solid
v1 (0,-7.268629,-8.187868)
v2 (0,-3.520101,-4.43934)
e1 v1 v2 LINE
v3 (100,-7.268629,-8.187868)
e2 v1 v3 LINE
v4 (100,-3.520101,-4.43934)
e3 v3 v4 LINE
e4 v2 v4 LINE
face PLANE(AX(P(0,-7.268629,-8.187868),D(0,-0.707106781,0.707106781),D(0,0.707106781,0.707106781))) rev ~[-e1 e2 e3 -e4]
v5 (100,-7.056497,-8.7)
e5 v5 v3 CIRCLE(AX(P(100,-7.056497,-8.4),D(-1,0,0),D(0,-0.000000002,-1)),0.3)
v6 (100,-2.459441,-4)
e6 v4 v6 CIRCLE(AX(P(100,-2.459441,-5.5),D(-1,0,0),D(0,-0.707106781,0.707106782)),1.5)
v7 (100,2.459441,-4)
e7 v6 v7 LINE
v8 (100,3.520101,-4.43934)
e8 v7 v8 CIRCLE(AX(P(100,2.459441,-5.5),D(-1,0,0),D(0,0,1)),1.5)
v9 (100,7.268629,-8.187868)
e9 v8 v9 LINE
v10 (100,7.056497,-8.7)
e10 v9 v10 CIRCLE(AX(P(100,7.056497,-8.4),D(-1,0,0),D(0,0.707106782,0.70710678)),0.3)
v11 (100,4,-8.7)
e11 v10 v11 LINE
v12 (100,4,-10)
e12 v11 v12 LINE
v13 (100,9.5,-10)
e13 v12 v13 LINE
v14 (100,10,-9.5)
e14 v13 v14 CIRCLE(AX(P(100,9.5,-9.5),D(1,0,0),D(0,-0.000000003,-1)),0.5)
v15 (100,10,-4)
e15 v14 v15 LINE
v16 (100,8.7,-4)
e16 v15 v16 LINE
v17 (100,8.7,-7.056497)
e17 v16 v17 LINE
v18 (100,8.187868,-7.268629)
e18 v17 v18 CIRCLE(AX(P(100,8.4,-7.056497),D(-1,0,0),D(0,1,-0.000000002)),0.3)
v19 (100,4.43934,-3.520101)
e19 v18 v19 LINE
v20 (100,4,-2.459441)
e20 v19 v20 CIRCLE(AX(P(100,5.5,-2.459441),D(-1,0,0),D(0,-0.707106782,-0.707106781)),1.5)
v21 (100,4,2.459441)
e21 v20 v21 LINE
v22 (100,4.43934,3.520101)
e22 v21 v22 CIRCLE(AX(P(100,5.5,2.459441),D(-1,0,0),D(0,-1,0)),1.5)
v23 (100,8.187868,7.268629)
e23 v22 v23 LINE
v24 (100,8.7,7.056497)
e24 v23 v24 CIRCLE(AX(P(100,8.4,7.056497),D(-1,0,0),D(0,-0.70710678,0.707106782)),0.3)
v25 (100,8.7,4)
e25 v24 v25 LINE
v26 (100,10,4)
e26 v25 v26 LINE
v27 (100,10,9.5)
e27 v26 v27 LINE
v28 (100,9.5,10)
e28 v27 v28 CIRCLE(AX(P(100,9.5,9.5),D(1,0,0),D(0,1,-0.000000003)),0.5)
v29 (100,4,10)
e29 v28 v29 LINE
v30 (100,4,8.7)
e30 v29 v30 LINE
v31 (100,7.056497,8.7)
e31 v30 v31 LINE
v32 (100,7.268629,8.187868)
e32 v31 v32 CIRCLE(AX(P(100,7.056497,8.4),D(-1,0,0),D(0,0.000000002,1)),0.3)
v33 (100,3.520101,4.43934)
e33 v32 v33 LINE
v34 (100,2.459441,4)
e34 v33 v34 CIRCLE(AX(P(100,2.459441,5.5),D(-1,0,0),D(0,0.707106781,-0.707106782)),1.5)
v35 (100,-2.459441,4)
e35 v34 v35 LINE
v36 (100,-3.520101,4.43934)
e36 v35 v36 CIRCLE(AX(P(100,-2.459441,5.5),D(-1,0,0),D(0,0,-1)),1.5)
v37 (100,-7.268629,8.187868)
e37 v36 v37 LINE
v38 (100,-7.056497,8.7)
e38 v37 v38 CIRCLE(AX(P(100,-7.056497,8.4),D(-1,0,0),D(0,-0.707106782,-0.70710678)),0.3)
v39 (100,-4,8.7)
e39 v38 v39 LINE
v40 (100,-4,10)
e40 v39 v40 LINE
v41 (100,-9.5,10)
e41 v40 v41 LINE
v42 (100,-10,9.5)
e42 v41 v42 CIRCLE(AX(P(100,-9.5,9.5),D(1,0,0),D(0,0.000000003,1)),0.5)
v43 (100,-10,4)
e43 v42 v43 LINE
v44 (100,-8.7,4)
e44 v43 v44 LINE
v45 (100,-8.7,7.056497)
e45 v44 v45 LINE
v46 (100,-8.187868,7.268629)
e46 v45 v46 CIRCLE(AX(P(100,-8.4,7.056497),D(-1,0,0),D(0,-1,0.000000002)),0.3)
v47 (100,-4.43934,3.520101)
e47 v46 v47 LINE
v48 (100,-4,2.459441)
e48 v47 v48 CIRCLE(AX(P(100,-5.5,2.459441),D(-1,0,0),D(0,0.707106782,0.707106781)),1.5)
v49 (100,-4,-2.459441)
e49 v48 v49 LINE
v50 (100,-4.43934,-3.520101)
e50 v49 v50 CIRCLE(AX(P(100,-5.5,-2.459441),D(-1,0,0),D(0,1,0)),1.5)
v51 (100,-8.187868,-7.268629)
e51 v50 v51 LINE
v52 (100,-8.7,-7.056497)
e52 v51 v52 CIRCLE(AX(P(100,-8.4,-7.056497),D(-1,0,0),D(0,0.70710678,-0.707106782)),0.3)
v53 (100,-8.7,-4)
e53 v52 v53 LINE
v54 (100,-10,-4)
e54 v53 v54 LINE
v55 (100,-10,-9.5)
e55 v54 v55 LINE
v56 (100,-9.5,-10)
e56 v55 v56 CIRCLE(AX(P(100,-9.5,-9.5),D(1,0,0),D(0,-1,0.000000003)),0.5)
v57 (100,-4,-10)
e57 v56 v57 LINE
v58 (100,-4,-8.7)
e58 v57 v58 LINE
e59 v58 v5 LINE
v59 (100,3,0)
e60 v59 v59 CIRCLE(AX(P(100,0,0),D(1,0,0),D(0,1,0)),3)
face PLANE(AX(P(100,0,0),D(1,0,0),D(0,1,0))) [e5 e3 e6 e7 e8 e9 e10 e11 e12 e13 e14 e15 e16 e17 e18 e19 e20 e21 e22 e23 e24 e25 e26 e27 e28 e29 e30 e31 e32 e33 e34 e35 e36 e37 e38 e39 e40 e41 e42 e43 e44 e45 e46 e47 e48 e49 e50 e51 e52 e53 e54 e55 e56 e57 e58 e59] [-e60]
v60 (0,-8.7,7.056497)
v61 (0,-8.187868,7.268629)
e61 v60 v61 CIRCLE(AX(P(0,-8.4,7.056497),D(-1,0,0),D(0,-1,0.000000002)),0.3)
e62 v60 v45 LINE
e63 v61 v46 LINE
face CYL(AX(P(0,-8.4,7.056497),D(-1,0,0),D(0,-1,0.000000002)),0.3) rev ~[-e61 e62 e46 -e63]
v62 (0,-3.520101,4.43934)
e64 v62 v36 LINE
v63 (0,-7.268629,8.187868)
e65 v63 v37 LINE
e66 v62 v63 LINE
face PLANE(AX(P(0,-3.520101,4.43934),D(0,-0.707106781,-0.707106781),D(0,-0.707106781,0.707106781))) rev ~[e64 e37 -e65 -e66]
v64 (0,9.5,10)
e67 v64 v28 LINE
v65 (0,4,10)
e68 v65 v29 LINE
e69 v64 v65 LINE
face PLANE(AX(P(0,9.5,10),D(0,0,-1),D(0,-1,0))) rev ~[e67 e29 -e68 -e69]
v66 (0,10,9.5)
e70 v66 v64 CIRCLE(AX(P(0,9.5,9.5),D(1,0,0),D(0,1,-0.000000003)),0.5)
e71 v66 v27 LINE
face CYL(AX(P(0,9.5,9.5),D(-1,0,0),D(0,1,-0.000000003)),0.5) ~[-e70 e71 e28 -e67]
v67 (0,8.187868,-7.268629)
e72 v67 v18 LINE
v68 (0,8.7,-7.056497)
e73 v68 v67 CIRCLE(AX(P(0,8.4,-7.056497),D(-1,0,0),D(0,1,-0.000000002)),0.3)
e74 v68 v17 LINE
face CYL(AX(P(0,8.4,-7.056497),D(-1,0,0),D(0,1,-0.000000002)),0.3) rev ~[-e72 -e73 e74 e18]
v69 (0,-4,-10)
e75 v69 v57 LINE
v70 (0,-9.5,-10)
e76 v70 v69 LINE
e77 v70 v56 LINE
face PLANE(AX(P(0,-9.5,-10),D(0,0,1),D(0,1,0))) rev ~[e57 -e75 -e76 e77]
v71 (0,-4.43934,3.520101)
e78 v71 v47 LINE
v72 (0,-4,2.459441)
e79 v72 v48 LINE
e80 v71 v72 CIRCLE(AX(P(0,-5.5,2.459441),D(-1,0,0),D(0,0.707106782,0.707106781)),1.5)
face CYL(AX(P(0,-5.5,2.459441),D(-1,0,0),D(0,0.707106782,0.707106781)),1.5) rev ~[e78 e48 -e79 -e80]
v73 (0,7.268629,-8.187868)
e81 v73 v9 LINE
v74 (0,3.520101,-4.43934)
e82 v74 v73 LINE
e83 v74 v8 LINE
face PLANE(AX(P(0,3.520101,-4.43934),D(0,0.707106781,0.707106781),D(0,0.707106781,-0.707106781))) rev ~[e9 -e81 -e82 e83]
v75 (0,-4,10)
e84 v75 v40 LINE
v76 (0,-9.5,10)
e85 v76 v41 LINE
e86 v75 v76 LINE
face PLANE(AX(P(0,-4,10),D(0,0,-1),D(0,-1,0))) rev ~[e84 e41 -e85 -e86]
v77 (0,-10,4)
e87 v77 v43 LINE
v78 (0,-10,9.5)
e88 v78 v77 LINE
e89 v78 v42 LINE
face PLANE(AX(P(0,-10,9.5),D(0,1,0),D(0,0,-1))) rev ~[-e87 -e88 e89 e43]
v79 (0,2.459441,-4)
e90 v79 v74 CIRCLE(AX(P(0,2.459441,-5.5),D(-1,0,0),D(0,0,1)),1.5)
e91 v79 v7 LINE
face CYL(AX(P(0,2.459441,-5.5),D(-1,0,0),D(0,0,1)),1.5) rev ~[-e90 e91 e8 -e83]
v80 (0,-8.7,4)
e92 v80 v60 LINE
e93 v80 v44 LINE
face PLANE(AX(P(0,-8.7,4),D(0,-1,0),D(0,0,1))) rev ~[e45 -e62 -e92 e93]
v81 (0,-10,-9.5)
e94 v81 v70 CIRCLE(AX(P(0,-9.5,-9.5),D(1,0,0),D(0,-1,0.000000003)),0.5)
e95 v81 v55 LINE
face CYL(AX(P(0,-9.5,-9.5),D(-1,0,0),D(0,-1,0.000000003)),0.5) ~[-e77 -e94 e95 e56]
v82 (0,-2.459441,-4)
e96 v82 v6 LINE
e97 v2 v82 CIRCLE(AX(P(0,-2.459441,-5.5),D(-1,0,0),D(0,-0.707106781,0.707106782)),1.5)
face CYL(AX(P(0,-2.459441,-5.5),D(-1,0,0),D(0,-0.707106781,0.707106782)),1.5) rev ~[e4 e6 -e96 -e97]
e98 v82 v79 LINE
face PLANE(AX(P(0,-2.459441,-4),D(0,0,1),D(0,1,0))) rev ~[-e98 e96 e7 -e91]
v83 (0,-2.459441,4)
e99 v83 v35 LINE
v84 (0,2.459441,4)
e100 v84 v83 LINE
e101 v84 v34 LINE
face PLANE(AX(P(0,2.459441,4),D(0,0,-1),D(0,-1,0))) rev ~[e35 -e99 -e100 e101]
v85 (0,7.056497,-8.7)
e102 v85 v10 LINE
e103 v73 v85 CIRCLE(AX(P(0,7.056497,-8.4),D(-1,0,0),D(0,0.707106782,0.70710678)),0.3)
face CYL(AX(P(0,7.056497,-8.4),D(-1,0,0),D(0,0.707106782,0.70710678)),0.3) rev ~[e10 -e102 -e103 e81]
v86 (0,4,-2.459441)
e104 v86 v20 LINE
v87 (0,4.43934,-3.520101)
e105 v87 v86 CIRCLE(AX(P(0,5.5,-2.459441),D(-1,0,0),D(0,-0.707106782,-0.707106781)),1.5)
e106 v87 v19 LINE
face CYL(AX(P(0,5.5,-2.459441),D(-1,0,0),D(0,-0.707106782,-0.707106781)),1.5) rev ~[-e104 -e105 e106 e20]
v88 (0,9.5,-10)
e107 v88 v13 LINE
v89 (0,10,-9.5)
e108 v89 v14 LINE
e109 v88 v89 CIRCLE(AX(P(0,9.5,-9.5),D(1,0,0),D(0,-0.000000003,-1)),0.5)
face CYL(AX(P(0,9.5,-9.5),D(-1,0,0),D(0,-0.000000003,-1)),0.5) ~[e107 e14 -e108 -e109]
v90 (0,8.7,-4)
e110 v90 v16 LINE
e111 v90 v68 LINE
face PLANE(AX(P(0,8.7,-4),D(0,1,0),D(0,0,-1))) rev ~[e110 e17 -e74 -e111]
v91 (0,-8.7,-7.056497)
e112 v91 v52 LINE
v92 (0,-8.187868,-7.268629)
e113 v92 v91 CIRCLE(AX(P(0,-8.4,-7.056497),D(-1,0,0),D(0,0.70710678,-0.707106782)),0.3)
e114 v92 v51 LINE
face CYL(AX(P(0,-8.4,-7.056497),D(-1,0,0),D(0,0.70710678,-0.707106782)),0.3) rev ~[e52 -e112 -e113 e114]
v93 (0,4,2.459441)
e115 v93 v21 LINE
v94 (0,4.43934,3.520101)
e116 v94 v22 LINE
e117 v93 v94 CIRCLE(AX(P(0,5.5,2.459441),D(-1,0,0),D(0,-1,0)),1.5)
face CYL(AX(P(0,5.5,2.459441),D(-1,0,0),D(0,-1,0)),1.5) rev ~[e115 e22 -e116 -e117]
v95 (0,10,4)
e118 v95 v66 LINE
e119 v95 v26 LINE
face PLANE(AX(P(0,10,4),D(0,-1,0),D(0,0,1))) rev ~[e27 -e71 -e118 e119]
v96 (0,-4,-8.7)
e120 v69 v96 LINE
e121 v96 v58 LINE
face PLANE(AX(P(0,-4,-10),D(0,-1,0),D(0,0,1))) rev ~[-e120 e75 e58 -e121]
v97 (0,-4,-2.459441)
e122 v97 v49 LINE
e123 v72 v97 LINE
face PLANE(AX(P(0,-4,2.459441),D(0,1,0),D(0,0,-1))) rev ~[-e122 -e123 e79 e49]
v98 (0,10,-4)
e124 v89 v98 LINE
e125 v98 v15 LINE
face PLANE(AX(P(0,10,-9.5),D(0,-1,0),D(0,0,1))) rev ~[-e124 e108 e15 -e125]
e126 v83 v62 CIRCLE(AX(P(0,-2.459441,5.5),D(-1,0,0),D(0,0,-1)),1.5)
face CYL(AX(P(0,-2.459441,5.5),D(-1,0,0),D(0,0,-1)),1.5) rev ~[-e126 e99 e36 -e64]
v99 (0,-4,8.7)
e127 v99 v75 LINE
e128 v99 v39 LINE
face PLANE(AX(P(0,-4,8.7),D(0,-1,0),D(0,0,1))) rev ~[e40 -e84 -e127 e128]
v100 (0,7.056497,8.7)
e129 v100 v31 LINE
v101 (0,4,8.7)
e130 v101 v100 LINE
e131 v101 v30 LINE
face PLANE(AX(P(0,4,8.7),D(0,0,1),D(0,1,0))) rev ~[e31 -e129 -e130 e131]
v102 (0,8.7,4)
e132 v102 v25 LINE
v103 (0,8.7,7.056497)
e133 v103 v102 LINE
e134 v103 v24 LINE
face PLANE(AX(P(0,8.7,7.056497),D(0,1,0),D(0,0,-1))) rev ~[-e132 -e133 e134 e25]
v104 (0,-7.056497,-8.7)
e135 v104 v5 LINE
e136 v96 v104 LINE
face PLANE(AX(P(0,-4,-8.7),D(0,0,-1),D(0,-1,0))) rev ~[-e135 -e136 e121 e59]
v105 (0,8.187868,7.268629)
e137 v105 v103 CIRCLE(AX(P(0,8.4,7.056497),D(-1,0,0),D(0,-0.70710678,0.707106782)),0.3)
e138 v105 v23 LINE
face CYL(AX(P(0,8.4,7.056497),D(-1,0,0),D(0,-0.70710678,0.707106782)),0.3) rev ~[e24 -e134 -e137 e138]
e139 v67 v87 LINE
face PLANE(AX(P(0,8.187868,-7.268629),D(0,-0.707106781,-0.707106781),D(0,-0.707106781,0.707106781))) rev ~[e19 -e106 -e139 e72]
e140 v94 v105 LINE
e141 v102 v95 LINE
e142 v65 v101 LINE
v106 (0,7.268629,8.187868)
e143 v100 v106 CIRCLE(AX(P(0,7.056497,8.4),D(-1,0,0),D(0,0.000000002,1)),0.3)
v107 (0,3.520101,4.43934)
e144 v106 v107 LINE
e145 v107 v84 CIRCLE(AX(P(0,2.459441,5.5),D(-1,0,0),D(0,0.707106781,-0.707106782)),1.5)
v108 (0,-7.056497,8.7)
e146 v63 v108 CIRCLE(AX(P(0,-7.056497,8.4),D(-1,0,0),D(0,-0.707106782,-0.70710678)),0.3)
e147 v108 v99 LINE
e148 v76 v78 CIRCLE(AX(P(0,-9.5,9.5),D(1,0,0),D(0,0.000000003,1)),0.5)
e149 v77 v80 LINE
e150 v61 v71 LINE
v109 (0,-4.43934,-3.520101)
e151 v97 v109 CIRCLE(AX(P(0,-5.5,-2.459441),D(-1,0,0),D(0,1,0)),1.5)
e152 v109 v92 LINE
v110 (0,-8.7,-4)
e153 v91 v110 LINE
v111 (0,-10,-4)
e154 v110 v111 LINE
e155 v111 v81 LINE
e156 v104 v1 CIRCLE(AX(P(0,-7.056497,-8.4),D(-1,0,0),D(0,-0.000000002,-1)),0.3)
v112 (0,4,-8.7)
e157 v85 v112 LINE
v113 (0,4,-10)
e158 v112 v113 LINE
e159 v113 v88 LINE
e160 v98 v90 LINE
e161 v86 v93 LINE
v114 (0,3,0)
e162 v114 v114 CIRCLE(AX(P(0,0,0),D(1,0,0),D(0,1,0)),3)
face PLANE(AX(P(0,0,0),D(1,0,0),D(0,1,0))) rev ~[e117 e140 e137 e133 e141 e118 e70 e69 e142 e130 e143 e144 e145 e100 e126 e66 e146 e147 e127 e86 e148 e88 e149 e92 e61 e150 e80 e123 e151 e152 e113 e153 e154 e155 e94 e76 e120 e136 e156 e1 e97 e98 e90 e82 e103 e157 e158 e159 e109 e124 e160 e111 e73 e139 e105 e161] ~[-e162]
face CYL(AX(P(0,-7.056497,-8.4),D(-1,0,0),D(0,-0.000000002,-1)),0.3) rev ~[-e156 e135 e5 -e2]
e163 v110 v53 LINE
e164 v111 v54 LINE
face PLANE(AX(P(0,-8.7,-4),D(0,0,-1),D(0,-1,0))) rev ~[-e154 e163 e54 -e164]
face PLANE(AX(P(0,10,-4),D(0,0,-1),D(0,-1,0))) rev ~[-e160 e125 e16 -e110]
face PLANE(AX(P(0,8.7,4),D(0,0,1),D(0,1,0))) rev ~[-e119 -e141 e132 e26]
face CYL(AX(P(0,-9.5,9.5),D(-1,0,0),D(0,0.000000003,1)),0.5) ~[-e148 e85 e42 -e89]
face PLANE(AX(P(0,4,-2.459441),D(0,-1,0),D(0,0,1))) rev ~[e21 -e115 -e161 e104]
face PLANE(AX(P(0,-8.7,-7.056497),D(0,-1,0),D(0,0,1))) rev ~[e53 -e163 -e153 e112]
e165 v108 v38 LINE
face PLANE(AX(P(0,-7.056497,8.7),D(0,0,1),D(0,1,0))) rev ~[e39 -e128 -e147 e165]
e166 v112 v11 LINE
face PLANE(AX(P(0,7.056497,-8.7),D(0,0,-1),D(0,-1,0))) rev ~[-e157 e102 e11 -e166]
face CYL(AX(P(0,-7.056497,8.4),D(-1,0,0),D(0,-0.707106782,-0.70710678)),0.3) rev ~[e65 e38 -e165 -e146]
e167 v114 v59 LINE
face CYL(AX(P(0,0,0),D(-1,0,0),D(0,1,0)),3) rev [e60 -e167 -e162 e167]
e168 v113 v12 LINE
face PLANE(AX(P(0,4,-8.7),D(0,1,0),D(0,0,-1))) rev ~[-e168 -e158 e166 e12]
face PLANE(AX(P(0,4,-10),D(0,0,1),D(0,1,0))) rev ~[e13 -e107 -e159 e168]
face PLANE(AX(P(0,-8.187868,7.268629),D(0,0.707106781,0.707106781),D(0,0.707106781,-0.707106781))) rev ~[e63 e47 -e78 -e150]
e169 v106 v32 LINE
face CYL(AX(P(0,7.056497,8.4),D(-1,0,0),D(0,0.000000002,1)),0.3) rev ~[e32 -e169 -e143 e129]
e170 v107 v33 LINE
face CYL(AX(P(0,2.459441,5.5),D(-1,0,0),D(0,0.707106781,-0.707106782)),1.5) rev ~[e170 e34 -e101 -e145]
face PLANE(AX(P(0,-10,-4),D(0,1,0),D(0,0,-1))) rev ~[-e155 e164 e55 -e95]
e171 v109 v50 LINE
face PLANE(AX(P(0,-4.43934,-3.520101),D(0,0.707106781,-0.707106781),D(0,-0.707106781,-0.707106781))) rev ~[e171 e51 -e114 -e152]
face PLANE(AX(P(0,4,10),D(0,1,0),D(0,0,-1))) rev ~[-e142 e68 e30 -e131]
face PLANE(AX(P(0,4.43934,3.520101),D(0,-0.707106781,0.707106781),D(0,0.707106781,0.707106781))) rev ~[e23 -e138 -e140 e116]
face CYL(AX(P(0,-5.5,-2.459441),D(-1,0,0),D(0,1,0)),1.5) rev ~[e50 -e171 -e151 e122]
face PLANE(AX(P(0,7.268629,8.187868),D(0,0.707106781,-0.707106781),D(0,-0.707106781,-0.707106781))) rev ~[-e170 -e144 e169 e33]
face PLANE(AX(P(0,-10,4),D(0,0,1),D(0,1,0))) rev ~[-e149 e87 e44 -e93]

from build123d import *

# Parameters (mm, degrees)
SKETCH1_R                                   = 3
QUADRADO_PF20_01_PERFIL_2020_B_SICO_1_DEPTH = 100


with BuildPart() as part:
    # Sketch1 → Quadrado PF20-01 - PERFIL 2020 BÁSICO(1) (new body)
    with BuildSketch(Plane.YZ):
        with BuildLine():
            Line((8.187867966, -7.26862915), (4.439339828, -3.520101013))
            ThreePointArc((4.439339828, -3.520101013), (4.114180701, -3.033465989), (4, -2.459440841))
            Line((4, -2.459440841), (4, 2.459440841))
            ThreePointArc((4, 2.459440841), (4.114180701, 3.033465989), (4.439339828, 3.520101013))
            Line((4.439339828, 3.520101013), (8.187867966, 7.26862915))
            ThreePointArc((8.187867966, 7.26862915), (8.51480503, 7.333660975), (8.7, 7.056497116))
            Line((8.7, 7.056497116), (8.7, 4))
            Line((8.7, 4), (10, 4))
            Line((10, 4), (10, 9.5))
            ThreePointArc((10, 9.5), (9.853553391, 9.853553391), (9.5, 10))
            Line((9.5, 10), (4, 10))
            Line((4, 10), (4, 8.7))
            Line((4, 8.7), (7.056497116, 8.7))
            ThreePointArc((7.056497116, 8.7), (7.333660975, 8.51480503), (7.26862915, 8.187867966))
            Line((7.26862915, 8.187867966), (3.520101013, 4.439339828))
            ThreePointArc((3.520101013, 4.439339828), (3.033465989, 4.114180701), (2.459440841, 4))
            Line((2.459440841, 4), (-2.459440841, 4))
            ThreePointArc((-2.459440841, 4), (-3.033465989, 4.114180701), (-3.520101013, 4.439339828))
            Line((-3.520101013, 4.439339828), (-7.26862915, 8.187867966))
            ThreePointArc((-7.26862915, 8.187867966), (-7.333660975, 8.51480503), (-7.056497116, 8.7))
            Line((-7.056497116, 8.7), (-4, 8.7))
            Line((-4, 8.7), (-4, 10))
            Line((-4, 10), (-9.5, 10))
            ThreePointArc((-9.5, 10), (-9.853553391, 9.853553391), (-10, 9.5))
            Line((-10, 9.5), (-10, 4))
            Line((-10, 4), (-8.7, 4))
            Line((-8.7, 4), (-8.7, 7.056497116))
            ThreePointArc((-8.7, 7.056497116), (-8.51480503, 7.333660975), (-8.187867966, 7.26862915))
            Line((-8.187867966, 7.26862915), (-4.439339828, 3.520101013))
            ThreePointArc((-4.439339828, 3.520101013), (-4.114180701, 3.033465989), (-4, 2.459440841))
            Line((-4, 2.459440841), (-4, -2.459440841))
            ThreePointArc((-4, -2.459440841), (-4.114180701, -3.033465989), (-4.439339828, -3.520101013))
            Line((-4.439339828, -3.520101013), (-8.187867966, -7.26862915))
            ThreePointArc((-8.187867966, -7.26862915), (-8.51480503, -7.333660975), (-8.7, -7.056497116))
            Line((-8.7, -7.056497116), (-8.7, -4))
            Line((-8.7, -4), (-10, -4))
            Line((-10, -4), (-10, -9.5))
            ThreePointArc((-10, -9.5), (-9.853553391, -9.853553391), (-9.5, -10))
            Line((-9.5, -10), (-4, -10))
            Line((-4, -10), (-4, -8.7))
            Line((-4, -8.7), (-7.056497116, -8.7))
            ThreePointArc((-7.056497116, -8.7), (-7.333660975, -8.51480503), (-7.26862915, -8.187867966))
            Line((-7.26862915, -8.187867966), (-3.520101013, -4.439339828))
            ThreePointArc((-3.520101013, -4.439339828), (-3.033465989, -4.114180701), (-2.459440841, -4))
            Line((-2.459440841, -4), (2.459440841, -4))
            ThreePointArc((2.459440841, -4), (3.033465989, -4.114180701), (3.520101013, -4.439339828))
            Line((3.520101013, -4.439339828), (7.26862915, -8.187867966))
            ThreePointArc((7.26862915, -8.187867966), (7.333660975, -8.51480503), (7.056497116, -8.7))
            Line((7.056497116, -8.7), (4, -8.7))
            Line((4, -8.7), (4, -10))
            Line((4, -10), (9.5, -10))
            ThreePointArc((9.5, -10), (9.853553391, -9.853553391), (10, -9.5))
            Line((10, -9.5), (10, -4))
            Line((10, -4), (8.7, -4))
            Line((8.7, -4), (8.7, -7.056497116))
            ThreePointArc((8.7, -7.056497116), (8.51480503, -7.333660975), (8.187867966, -7.26862915))
        make_face()
        Circle(SKETCH1_R, mode=Mode.SUBTRACT)
    extrude(amount=QUADRADO_PF20_01_PERFIL_2020_B_SICO_1_DEPTH)


solid = part.part
